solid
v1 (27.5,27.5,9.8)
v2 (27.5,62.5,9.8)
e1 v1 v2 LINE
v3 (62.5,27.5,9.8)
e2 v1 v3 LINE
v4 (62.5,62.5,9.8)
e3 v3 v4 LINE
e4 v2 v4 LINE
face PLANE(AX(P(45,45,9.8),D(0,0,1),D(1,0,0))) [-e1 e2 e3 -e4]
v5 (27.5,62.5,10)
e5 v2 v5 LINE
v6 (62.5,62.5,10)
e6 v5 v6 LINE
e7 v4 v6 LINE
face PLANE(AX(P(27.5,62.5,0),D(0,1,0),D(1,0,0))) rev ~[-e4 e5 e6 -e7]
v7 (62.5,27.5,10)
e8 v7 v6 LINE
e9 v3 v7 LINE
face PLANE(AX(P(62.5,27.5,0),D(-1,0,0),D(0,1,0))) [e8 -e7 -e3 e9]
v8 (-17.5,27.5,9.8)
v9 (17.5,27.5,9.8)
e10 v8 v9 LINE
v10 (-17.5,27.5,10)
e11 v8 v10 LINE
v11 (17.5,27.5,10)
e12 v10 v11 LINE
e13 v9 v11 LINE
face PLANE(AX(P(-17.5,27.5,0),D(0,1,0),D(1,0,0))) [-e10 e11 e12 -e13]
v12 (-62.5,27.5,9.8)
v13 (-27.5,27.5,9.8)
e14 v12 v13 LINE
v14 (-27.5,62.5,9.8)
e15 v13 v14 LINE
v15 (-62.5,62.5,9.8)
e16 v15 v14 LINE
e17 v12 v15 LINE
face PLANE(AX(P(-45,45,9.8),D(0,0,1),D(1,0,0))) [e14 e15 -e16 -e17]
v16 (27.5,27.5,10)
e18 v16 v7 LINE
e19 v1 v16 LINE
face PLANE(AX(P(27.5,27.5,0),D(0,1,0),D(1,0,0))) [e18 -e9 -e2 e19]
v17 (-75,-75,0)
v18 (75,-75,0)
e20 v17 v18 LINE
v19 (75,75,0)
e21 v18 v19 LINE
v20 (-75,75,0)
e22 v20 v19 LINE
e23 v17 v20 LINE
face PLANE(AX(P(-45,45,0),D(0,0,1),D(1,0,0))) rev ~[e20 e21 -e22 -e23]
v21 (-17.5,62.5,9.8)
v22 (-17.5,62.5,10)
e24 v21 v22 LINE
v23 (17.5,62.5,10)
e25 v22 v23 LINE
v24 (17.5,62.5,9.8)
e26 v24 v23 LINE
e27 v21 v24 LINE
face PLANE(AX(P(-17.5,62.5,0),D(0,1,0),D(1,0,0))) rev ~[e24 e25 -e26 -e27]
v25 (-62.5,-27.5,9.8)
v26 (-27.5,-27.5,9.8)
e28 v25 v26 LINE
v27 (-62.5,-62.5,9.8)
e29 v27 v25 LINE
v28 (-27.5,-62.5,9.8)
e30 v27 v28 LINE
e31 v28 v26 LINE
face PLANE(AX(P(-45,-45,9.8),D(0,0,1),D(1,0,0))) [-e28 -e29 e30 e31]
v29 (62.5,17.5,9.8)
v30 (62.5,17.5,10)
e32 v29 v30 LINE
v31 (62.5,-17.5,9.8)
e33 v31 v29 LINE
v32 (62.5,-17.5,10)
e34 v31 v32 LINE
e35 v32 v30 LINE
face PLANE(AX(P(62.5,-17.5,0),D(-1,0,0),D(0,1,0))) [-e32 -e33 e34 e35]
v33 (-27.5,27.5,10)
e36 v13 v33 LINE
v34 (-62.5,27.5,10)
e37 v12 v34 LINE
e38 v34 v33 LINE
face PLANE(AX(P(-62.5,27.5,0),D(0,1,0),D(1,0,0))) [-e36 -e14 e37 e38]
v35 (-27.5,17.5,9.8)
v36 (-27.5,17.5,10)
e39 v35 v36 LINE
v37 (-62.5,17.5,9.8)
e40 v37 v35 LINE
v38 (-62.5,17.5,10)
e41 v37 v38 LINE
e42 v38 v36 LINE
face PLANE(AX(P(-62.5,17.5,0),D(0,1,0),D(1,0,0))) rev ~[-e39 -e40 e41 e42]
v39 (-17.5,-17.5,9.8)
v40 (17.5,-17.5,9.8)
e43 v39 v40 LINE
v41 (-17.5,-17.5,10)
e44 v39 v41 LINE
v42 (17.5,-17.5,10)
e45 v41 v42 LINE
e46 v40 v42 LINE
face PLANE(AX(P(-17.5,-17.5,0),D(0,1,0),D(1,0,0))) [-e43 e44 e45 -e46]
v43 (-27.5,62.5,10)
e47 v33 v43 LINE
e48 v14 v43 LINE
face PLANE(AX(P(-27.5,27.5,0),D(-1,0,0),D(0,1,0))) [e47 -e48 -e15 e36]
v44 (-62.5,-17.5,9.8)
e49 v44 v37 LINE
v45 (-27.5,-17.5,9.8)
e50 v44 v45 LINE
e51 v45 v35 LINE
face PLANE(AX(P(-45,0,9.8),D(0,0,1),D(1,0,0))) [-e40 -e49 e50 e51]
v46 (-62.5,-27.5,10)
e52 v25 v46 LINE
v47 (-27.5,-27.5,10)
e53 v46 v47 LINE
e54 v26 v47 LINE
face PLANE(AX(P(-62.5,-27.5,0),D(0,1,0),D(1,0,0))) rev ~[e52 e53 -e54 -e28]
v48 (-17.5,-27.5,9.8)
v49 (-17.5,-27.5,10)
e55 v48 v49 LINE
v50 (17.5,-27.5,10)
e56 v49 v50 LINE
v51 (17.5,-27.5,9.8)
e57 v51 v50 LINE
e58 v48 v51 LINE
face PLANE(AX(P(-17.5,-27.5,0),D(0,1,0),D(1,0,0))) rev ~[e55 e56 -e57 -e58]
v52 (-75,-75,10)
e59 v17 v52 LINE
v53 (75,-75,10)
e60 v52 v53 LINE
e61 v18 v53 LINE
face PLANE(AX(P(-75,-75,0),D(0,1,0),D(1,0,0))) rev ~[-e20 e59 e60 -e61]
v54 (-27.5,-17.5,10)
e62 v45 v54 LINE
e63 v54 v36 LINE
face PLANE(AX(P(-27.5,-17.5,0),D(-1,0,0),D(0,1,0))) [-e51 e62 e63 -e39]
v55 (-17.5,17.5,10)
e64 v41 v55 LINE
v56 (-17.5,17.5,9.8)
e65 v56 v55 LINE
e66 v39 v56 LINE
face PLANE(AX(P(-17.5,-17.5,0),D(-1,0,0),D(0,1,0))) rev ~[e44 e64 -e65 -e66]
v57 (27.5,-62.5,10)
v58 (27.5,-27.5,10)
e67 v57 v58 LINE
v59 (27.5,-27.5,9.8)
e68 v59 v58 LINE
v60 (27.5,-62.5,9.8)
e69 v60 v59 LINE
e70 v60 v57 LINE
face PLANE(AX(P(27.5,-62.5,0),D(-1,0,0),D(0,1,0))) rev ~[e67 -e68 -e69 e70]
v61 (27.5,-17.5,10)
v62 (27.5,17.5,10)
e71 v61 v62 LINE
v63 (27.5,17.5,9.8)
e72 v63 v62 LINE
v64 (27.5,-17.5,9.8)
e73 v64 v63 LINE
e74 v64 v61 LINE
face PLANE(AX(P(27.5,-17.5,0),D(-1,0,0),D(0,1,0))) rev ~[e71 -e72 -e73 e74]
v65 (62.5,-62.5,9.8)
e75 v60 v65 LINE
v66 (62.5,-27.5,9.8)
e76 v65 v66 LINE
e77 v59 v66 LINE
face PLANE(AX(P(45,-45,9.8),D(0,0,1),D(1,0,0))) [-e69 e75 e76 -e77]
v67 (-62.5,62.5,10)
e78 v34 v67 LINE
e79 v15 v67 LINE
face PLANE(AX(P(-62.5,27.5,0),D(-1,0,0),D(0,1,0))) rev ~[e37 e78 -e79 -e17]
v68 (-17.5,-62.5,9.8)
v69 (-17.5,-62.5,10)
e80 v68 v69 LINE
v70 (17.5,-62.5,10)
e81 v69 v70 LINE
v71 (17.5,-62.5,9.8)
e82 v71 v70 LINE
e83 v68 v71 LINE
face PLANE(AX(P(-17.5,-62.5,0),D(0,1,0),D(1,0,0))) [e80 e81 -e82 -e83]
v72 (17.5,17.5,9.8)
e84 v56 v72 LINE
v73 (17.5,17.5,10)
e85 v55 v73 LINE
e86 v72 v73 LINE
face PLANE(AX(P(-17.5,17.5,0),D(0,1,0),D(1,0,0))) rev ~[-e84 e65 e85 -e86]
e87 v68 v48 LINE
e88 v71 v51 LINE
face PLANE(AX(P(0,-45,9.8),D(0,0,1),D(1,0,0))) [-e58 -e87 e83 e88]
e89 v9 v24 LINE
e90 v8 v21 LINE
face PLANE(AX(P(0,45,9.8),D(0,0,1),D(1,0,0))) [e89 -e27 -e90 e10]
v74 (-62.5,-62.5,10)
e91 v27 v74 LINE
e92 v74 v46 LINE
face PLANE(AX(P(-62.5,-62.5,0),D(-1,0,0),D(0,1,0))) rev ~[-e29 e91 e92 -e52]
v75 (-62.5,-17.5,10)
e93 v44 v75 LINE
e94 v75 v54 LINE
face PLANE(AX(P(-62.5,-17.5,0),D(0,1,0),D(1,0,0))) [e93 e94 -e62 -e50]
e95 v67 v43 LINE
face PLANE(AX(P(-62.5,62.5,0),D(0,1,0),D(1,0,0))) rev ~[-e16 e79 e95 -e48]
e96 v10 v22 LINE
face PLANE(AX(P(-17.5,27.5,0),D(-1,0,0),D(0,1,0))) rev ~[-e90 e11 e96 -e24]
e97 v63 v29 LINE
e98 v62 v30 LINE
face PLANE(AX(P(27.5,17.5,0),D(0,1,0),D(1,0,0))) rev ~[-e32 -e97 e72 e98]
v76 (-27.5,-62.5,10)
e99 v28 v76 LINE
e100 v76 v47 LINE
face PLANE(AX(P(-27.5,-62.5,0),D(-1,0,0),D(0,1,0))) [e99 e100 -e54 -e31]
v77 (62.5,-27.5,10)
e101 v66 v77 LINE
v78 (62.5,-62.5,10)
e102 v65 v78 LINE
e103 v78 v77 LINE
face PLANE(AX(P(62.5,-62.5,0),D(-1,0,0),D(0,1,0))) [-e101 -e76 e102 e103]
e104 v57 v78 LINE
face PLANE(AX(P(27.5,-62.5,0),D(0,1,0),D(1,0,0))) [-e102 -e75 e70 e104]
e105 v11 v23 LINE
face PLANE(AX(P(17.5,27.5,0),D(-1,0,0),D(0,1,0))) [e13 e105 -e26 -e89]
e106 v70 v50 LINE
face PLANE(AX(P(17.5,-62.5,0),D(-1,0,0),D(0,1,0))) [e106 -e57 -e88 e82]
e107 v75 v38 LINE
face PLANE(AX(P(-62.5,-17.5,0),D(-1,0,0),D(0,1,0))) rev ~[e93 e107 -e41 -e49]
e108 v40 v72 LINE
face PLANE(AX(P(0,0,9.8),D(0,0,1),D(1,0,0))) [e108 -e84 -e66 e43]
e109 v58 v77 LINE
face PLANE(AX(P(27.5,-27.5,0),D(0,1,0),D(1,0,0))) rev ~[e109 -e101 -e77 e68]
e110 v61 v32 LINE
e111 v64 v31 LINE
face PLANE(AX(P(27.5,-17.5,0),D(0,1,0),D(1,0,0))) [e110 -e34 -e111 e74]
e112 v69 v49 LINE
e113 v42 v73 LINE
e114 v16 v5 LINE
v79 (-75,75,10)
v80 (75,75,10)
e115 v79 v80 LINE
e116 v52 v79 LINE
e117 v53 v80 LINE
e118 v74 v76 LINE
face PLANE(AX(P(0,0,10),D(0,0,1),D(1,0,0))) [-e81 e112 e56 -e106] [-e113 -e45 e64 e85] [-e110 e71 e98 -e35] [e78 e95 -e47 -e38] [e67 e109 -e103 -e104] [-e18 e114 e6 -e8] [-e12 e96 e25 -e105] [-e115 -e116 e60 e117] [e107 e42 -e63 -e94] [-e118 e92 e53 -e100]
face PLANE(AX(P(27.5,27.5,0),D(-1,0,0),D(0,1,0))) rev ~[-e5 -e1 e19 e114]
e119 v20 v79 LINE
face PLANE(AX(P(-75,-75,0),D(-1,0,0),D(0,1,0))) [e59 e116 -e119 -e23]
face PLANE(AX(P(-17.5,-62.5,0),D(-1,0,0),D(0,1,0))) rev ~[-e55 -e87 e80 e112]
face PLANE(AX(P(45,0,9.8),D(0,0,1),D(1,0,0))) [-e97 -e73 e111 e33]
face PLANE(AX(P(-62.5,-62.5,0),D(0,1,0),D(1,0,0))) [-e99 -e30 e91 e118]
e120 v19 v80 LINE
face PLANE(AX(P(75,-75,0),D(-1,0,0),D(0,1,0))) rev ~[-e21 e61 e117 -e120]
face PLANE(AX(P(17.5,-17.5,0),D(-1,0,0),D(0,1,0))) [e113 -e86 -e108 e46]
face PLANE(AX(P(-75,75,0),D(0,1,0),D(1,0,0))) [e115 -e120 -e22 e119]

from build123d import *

# Parameters (mm, degrees)
F0_W     = 150
F0_H     = 150
F0_W_2   = 35
F0_H_2   = 35
F1_DEPTH = 10
F2_DEPTH = 9.8


with BuildPart() as f1:
    # F0 (on Top) → F1 (new body)
    with BuildSketch(Plane.XY):
        Rectangle(F0_W, F0_H)
        with Locations((-45, -45)):
            Rectangle(F0_W_2, F0_H_2, mode=Mode.SUBTRACT)
        with Locations((0, -45)):
            Rectangle(F0_W_2, F0_H_2, mode=Mode.SUBTRACT)
        with Locations((45, -45)):
            Rectangle(F0_W_2, F0_H_2, mode=Mode.SUBTRACT)
        with Locations((-45, 0)):
            Rectangle(F0_W_2, F0_H_2, mode=Mode.SUBTRACT)
        with Locations((-45, 45)):
            Rectangle(F0_W_2, F0_H_2, mode=Mode.SUBTRACT)
        Rectangle(F0_W_2, F0_H_2, mode=Mode.SUBTRACT)
        with Locations((45, 0)):
            Rectangle(F0_W_2, F0_H_2, mode=Mode.SUBTRACT)
        with Locations((0, 45)):
            Rectangle(F0_W_2, F0_H_2, mode=Mode.SUBTRACT)
        with Locations((45, 45)):
            Rectangle(F0_W_2, F0_H_2, mode=Mode.SUBTRACT)
    extrude(amount=F1_DEPTH)

    # F0 (on Top) → F2 (join)
    with BuildSketch(Plane.XY):
        with Locations((-45, 45)):
            Rectangle(F0_W_2, F0_H_2)
        with Locations((-45, 0)):
            Rectangle(F0_W_2, F0_H_2)
        with Locations((-45, -45)):
            Rectangle(F0_W_2, F0_H_2)
        with Locations((0, -45)):
            Rectangle(F0_W_2, F0_H_2)
        Rectangle(F0_W_2, F0_H_2)
        with Locations((0, 45)):
            Rectangle(F0_W_2, F0_H_2)
        with Locations((45, 45)):
            Rectangle(F0_W_2, F0_H_2)
        with Locations((45, 0)):
            Rectangle(F0_W_2, F0_H_2)
        with Locations((45, -45)):
            Rectangle(F0_W_2, F0_H_2)
    extrude(amount=F2_DEPTH)


solid = f1.part
